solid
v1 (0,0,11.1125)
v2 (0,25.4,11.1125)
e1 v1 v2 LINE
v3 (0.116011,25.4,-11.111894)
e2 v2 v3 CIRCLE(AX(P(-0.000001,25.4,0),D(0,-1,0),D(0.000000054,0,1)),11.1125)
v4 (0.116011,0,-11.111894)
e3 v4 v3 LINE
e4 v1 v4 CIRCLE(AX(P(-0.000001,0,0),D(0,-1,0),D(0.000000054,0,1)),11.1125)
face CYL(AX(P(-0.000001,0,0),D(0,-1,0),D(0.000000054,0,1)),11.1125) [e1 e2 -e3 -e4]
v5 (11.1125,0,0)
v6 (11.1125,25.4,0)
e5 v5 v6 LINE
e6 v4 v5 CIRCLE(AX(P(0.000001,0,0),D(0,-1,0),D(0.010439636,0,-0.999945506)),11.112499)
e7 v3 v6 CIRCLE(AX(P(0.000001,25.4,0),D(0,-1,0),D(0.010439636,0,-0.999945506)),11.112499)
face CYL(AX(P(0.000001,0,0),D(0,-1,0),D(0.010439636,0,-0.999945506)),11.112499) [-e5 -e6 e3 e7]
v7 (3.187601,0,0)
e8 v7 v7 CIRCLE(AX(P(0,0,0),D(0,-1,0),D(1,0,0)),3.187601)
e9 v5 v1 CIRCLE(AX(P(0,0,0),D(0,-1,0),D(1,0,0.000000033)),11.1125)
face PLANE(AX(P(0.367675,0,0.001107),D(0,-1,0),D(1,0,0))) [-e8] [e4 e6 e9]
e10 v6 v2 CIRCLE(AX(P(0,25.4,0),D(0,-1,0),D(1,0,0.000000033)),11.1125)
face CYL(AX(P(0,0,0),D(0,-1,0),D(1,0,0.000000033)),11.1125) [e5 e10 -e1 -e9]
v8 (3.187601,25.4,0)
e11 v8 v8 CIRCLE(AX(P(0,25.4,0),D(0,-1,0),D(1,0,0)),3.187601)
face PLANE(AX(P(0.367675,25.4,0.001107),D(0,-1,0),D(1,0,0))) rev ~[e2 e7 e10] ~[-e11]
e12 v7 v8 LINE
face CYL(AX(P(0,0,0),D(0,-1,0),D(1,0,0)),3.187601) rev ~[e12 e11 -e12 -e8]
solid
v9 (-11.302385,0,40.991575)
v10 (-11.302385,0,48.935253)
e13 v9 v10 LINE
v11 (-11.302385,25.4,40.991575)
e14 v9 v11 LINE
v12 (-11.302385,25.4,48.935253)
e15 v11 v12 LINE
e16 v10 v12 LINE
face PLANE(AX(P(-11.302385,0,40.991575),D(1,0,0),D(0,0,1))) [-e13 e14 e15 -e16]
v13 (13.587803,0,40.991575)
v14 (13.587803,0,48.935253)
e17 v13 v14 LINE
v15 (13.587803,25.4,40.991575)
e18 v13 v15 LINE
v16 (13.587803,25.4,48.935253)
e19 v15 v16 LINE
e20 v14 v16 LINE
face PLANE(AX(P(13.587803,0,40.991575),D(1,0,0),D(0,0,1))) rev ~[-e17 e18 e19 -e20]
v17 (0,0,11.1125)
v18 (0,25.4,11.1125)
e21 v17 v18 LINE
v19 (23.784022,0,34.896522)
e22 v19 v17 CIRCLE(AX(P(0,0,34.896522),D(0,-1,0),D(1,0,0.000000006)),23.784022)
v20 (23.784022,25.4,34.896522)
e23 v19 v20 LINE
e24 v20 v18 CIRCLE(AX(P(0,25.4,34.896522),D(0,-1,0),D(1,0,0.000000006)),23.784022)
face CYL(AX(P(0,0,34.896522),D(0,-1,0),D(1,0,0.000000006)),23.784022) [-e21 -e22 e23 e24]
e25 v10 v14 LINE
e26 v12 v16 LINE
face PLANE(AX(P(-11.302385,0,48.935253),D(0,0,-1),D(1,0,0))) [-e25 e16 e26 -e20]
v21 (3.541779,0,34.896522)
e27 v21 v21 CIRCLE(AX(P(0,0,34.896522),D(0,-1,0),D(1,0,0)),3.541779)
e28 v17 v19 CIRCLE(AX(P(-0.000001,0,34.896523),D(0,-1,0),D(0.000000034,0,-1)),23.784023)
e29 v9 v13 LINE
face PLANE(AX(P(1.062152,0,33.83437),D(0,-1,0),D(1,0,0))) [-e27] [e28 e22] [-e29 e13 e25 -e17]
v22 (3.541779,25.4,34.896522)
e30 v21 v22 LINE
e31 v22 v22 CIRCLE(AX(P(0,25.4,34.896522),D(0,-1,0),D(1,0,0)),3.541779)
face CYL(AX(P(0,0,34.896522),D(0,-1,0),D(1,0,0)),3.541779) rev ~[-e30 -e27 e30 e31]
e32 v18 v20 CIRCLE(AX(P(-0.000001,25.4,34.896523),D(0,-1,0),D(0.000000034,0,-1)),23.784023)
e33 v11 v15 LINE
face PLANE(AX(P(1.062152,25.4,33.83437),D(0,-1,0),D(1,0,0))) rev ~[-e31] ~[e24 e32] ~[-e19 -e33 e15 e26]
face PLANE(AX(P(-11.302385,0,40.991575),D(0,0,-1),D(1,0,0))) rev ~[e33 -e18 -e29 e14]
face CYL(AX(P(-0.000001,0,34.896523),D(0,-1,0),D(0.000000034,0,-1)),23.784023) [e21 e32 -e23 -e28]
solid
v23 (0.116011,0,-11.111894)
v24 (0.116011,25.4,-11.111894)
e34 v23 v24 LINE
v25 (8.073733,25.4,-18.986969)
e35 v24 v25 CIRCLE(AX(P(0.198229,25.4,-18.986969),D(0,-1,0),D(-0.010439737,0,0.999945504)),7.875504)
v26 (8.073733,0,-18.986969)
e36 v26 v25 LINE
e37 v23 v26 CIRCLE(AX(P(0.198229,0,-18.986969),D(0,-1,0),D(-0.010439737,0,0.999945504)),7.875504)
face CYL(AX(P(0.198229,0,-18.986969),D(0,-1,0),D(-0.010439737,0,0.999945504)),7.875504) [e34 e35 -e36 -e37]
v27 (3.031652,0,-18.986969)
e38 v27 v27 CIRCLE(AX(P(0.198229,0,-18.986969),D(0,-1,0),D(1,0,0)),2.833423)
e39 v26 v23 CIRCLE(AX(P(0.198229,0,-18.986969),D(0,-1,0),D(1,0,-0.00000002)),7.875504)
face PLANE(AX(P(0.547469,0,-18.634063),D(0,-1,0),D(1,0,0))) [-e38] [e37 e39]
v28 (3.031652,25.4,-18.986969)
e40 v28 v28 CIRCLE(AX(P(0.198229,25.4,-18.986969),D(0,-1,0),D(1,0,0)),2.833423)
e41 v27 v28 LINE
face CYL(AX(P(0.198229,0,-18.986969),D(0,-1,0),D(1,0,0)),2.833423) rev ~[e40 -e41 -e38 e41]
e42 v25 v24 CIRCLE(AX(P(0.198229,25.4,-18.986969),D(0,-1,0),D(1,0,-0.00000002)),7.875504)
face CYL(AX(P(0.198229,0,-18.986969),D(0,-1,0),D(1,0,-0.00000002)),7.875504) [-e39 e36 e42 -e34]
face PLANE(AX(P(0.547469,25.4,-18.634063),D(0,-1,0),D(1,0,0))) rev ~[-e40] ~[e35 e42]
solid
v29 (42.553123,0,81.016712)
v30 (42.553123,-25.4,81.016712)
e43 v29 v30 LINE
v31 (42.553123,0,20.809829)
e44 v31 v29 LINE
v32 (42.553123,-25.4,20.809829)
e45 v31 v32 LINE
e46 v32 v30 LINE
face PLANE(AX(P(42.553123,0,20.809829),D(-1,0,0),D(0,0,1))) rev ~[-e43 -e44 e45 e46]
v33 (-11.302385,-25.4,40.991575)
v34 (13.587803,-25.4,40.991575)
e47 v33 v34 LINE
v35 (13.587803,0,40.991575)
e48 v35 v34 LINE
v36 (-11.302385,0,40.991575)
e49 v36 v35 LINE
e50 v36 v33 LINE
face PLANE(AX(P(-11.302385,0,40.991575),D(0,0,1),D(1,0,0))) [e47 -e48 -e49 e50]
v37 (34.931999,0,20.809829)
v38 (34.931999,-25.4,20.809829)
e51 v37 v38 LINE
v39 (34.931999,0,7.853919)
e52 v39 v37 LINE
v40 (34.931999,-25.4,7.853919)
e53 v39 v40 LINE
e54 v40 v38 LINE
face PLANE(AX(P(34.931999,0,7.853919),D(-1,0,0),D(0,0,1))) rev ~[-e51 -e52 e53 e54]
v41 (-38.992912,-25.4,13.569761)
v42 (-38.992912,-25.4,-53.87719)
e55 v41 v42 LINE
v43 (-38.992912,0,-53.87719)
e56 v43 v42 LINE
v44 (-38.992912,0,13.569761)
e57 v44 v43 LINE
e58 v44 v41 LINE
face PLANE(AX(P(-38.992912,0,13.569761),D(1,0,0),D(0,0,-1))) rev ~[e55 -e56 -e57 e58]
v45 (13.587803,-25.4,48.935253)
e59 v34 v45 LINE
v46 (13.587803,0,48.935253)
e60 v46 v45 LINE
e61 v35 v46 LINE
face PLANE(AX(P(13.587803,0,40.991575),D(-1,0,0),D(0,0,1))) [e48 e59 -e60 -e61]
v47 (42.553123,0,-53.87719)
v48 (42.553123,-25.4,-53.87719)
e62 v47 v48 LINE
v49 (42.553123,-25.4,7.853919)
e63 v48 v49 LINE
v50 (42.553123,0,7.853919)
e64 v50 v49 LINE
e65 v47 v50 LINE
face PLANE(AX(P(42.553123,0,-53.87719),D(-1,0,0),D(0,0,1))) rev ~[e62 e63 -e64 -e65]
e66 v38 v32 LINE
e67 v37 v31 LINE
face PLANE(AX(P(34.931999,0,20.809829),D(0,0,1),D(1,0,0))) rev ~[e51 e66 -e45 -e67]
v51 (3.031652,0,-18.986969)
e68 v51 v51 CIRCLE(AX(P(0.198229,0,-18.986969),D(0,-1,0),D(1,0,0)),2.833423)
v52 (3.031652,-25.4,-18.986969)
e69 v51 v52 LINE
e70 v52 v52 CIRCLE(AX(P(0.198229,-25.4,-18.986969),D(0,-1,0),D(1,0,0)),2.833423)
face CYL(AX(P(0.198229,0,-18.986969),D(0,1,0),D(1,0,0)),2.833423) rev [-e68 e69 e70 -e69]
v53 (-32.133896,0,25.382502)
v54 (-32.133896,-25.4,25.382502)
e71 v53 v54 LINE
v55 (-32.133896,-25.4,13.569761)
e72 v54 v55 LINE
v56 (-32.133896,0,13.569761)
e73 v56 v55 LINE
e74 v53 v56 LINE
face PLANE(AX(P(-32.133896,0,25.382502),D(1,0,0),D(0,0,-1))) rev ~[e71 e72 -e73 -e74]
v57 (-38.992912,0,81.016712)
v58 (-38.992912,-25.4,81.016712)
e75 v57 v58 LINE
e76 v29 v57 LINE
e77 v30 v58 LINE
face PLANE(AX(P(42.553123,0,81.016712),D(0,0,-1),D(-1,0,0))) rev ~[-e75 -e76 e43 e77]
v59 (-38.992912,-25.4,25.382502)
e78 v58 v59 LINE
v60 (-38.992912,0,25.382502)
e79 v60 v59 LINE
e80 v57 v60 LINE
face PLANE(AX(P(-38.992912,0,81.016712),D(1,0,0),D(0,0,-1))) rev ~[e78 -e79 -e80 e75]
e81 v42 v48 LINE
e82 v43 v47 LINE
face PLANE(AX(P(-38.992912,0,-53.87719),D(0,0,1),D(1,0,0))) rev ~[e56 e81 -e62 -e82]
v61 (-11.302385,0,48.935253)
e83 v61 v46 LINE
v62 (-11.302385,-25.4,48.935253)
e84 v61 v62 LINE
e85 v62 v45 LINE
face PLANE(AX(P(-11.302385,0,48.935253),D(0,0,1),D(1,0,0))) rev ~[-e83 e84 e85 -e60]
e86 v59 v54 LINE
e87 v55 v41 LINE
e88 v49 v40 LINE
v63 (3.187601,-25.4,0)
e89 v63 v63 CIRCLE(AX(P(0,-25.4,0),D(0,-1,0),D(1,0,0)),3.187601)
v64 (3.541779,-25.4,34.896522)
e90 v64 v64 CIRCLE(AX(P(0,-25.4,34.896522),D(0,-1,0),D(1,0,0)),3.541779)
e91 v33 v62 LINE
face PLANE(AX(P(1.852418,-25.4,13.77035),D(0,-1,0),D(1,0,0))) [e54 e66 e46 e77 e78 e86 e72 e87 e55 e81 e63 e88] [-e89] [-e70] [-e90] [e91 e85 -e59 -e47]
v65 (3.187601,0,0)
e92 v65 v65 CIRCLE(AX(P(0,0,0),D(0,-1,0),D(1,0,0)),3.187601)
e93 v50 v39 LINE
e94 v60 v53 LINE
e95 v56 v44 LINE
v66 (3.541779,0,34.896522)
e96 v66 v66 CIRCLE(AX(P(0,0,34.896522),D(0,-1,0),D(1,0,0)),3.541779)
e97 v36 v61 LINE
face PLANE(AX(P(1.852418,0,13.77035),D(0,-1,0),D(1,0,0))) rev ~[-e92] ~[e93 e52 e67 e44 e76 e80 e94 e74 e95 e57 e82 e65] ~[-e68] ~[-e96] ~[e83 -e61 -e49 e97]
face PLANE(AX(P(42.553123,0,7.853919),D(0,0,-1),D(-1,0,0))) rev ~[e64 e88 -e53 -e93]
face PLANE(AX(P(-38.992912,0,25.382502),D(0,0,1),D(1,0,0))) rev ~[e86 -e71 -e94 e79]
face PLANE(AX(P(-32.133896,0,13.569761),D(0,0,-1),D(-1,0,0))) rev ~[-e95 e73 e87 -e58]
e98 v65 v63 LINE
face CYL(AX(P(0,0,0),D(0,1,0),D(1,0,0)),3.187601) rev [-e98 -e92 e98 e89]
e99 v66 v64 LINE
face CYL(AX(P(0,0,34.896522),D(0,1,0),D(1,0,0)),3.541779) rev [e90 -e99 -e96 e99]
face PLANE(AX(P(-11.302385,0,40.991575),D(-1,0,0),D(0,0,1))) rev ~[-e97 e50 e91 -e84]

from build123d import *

# Parameters (mm, degrees)
F0_R     = 3.541779
F0_W     = 24.890188
F0_H     = 7.943678
F0_R_2   = 3.187601
F0_R_3   = 2.833423
F1_DEPTH = 25.4
F2_DEPTH = 25.4


with BuildPart() as f1:
    # F0 (on Front) → F1 (new body)
    with BuildSketch(Plane.XZ):
        with BuildLine():
            ThreePointArc((0, 11.1125), (16.817843, 18.078679), (23.784022, 34.896522))
            ThreePointArc((23.784022, 34.896522), (-16.817843, 51.714365), (0, 11.1125))
        make_face()
        with Locations((0, 34.896522)):
            Circle(F0_R, mode=Mode.SUBTRACT)
        with Locations((1.142709, 44.963414)):
            Rectangle(F0_W, F0_H, mode=Mode.SUBTRACT)
        with BuildLine():
            ThreePointArc((11.1125, 0), (7.857724, 7.857724), (0, 11.1125))
            ThreePointArc((0, 11.1125), (-11.112349, -0.058006), (0.116011, -11.111894))
            ThreePointArc((0.116011, -11.111894), (7.898634, -7.8166), (11.1125, 0))
        make_face()
        Circle(F0_R_2, mode=Mode.SUBTRACT)
        with BuildLine():
            ThreePointArc((8.073733, -18.986969), (5.737907, -13.389154), (0.116011, -11.111894))
            ThreePointArc((0.116011, -11.111894), (-5.341448, -24.584784), (8.073733, -18.986969))
        make_face()
        with Locations((0.198229, -18.986969)):
            Circle(F0_R_3, mode=Mode.SUBTRACT)
    extrude(amount=-F1_DEPTH)


with BuildPart() as f2:
    # F0 (on Front) → F2 (new body)
    with BuildSketch(Plane.XZ):
        Polygon((42.553123, 81.016712), (-38.992912, 81.016712), (-38.992912, 25.382502), (-32.133896, 25.382502), (-32.133896, 13.569761), (-38.992912, 13.569761), (-38.992912, -53.87719), (42.553123, -53.87719), (42.553123, 7.853919), (34.931999, 7.853919), (34.931999, 20.809829), (42.553123, 20.809829), align=None)
        with BuildLine():
            ThreePointArc((8.073733, -18.986969), (-5.341448, -24.584784), (0.116011, -11.111894))
            ThreePointArc((0.116011, -11.111894), (5.737907, -13.389154), (8.073733, -18.986969))
        make_face(mode=Mode.SUBTRACT)
        with BuildLine():
            ThreePointArc((0.116011, -11.111894), (-11.112349, -0.058006), (0, 11.1125))
            ThreePointArc((0, 11.1125), (7.857724, 7.857724), (11.1125, 0))
            ThreePointArc((11.1125, 0), (7.898634, -7.8166), (0.116011, -11.111894))
        make_face(mode=Mode.SUBTRACT)
        with BuildLine():
            ThreePointArc((0, 11.1125), (-16.817843, 51.714365), (23.784022, 34.896522))
            ThreePointArc((23.784022, 34.896522), (16.817843, 18.078679), (0, 11.1125))
        make_face(mode=Mode.SUBTRACT)
        with BuildLine():
            ThreePointArc((8.073733, -18.986969), (5.737907, -13.389154), (0.116011, -11.111894))
            ThreePointArc((0.116011, -11.111894), (-5.341448, -24.584784), (8.073733, -18.986969))
        make_face()
        with Locations((0.198229, -18.986969)):
            Circle(F0_R_3, mode=Mode.SUBTRACT)
        with BuildLine():
            ThreePointArc((11.1125, 0), (7.857724, 7.857724), (0, 11.1125))
            ThreePointArc((0, 11.1125), (-11.112349, -0.058006), (0.116011, -11.111894))
            ThreePointArc((0.116011, -11.111894), (7.898634, -7.8166), (11.1125, 0))
        make_face()
        Circle(F0_R_2, mode=Mode.SUBTRACT)
        with BuildLine():
            ThreePointArc((0, 11.1125), (16.817843, 18.078679), (23.784022, 34.896522))
            ThreePointArc((23.784022, 34.896522), (-16.817843, 51.714365), (0, 11.1125))
        make_face()
        with Locations((0, 34.896522)):
            Circle(F0_R, mode=Mode.SUBTRACT)
        with Locations((1.142709, 44.963414)):
            Rectangle(F0_W, F0_H, mode=Mode.SUBTRACT)
    extrude(amount=F2_DEPTH)


solid = Compound([f1.part, f2.part])
